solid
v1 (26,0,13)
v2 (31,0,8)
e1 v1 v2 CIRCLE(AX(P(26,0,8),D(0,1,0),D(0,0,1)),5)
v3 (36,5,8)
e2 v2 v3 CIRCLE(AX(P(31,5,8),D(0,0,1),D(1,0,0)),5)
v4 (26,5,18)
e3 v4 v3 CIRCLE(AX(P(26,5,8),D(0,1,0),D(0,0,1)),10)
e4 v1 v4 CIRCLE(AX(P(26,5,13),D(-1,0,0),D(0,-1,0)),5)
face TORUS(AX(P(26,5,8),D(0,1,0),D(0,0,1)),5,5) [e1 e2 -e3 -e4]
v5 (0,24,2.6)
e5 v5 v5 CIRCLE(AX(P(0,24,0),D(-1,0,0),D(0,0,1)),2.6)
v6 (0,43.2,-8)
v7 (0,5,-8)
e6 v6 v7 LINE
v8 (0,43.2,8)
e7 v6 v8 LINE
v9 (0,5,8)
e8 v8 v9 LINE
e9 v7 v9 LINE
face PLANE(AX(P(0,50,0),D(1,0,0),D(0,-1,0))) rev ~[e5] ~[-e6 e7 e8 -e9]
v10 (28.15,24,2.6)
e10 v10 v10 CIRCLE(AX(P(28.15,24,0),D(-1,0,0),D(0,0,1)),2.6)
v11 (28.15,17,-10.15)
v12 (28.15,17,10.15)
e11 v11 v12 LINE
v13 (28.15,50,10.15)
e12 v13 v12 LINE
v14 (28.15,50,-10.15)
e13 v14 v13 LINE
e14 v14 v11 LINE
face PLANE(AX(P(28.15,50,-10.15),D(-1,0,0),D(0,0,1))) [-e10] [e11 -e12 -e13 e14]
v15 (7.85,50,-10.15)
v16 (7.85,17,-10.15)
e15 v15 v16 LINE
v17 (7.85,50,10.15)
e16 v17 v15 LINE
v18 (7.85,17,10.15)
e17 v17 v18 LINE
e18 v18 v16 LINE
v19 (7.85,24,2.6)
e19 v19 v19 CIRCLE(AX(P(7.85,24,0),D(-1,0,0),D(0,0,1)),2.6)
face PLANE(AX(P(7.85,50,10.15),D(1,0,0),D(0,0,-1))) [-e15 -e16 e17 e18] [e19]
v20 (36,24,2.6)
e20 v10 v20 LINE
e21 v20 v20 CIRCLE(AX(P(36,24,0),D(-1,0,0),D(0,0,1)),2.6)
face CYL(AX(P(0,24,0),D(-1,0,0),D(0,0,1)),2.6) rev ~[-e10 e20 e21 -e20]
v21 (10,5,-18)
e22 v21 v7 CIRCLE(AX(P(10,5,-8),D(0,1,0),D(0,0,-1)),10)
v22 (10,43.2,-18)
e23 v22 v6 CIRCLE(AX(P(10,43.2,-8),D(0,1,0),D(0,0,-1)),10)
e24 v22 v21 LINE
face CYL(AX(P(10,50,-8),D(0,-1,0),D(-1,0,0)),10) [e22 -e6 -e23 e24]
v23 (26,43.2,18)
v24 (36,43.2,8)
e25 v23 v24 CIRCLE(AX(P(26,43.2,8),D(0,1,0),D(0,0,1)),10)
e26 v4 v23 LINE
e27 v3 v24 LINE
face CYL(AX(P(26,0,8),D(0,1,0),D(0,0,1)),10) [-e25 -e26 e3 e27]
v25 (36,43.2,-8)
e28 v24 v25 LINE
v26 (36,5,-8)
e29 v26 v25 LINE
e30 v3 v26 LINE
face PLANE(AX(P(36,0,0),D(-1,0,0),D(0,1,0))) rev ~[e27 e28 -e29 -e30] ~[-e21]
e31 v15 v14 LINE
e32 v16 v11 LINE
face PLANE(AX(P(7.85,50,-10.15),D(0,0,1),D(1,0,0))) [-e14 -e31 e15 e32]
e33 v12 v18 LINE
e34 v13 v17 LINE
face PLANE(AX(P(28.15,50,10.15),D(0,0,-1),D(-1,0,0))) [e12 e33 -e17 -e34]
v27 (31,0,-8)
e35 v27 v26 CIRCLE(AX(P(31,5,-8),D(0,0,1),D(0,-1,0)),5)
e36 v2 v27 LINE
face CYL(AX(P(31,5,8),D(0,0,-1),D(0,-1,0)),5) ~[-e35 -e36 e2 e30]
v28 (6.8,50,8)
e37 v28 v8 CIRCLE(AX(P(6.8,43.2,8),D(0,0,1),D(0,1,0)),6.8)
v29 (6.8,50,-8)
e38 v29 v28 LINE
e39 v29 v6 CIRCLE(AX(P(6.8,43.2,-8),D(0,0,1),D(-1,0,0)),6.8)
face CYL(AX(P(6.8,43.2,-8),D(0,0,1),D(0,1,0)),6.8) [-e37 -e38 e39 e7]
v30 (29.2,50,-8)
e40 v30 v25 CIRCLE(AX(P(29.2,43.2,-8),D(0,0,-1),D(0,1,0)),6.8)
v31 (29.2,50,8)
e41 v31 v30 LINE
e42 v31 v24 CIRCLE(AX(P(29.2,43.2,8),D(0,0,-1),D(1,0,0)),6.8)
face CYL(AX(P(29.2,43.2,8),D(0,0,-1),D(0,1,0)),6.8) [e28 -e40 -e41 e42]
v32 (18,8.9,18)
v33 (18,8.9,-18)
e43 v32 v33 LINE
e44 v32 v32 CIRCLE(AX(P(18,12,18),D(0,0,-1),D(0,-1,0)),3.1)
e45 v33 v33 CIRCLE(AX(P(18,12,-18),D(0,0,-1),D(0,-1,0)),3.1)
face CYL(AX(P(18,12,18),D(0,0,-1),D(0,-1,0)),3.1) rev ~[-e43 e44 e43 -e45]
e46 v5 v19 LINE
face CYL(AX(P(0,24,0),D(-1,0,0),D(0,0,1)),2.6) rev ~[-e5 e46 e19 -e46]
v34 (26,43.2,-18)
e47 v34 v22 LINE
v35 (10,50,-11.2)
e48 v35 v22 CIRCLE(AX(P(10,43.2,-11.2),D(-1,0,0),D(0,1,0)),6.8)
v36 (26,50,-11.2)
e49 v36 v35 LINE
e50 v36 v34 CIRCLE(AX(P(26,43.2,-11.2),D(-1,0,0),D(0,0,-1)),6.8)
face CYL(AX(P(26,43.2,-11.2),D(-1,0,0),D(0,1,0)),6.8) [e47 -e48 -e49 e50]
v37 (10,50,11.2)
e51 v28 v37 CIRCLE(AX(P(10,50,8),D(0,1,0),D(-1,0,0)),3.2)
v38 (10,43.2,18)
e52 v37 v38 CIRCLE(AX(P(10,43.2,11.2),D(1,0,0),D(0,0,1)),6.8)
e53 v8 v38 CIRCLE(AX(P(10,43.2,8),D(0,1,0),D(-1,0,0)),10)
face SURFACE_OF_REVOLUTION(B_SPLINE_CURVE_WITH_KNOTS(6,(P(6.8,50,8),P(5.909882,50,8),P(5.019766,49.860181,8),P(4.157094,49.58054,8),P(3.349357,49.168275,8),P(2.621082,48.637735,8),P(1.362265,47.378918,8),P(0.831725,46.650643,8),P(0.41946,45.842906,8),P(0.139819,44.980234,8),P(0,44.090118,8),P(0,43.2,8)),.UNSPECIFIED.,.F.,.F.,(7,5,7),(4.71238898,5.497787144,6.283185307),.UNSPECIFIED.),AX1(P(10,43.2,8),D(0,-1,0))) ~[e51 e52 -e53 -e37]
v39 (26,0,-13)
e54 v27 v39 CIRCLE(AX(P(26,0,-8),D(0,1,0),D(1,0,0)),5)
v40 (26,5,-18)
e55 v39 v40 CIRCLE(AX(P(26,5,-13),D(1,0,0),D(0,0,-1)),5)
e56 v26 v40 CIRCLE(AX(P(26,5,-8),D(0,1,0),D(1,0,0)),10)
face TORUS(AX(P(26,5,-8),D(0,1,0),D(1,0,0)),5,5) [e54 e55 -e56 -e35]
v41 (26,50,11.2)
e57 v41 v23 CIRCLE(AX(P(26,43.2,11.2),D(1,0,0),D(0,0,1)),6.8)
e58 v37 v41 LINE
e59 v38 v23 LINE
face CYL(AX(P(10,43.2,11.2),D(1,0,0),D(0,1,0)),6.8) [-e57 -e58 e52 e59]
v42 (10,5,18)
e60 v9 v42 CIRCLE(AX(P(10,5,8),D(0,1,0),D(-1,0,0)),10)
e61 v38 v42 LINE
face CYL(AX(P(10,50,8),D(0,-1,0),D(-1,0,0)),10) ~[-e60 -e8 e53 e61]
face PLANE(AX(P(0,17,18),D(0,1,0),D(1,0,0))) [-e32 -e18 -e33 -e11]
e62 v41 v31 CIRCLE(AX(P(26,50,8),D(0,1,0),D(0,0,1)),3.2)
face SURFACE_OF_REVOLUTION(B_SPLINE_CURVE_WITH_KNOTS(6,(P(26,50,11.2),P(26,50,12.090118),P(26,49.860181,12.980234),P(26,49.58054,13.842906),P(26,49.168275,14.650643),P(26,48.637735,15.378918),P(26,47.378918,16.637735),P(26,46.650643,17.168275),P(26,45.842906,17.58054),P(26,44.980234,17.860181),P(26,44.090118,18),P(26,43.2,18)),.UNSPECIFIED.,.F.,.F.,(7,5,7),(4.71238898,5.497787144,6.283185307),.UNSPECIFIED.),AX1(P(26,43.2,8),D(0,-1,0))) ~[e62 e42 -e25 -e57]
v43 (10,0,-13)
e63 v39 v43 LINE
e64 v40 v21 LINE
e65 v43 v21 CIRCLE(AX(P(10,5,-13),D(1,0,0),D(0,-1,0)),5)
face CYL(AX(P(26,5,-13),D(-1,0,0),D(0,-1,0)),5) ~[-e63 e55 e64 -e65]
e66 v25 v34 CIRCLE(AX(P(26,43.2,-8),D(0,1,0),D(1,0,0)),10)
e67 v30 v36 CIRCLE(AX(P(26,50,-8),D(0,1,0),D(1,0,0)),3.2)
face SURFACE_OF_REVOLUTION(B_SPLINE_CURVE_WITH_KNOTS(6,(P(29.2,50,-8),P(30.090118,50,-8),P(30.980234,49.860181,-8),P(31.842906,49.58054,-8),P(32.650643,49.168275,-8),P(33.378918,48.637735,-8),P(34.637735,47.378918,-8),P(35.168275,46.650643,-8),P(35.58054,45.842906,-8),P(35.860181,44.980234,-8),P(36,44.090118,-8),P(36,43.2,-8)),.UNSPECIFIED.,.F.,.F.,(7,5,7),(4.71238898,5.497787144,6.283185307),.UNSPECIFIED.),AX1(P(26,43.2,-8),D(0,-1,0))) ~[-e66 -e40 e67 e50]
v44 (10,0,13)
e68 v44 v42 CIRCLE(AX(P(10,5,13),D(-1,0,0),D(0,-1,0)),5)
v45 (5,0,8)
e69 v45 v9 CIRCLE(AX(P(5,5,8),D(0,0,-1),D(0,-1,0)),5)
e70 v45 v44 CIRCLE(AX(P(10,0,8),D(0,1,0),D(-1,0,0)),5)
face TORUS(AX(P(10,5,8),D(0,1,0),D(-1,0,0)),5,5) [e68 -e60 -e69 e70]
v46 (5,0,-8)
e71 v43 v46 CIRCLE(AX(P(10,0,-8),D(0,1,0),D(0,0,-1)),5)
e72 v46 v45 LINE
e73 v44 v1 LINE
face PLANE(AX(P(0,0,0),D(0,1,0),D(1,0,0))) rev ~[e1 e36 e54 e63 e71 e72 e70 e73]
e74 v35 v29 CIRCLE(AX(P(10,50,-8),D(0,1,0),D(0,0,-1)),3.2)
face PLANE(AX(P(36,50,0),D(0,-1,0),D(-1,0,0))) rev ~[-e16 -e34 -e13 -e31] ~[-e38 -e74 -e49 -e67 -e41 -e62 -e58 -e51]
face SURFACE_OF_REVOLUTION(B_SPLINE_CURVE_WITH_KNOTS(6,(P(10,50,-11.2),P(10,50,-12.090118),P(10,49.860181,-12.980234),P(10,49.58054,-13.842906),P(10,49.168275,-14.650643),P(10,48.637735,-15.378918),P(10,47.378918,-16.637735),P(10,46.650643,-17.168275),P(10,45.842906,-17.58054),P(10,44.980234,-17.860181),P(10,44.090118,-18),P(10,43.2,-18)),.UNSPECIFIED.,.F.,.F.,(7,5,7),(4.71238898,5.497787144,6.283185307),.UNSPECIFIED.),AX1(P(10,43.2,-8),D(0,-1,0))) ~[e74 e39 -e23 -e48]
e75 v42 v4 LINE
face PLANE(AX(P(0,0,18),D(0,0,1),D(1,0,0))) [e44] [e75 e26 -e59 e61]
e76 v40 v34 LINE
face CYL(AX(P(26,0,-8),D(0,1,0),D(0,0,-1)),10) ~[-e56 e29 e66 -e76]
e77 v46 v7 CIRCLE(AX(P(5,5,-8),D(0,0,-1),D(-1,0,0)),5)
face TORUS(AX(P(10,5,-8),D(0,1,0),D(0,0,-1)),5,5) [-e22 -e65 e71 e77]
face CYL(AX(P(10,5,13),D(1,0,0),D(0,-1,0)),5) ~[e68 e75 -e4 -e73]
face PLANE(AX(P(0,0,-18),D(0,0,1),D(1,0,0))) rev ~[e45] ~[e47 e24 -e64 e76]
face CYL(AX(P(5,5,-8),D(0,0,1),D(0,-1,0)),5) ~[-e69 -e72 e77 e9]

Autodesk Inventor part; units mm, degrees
ref_plane "YZ Plane" through (0, 0, 0) normal (1, 0, 0) x (0, 1, 0)
ref_plane "XZ Plane" through (0, 0, 0) normal (0, 1, 0) x (-1, 0, 0)
ref_plane "XY Plane" through (0, 0, 0) normal (0, 0, 1) x (1, 0, 0)
sketch "Sketch1" plane through (0, 0, 0) normal (0, 0, 1) x (1, 0, 0)
  line L0 (0, 0) -> (36, 0)
  line L1 (36, 0) -> (36, 50)
  line L2 (36, 50) -> (0, 50)
  line L3 (0, 50) -> (0, 0)
  dimension "d0" = 36
  dimension "d1" = 50
extrude "Extrusion1" add sketch "Sketch1" along normal mid plane 36
sketch "Sketch2" plane through (0, 50, 18) normal (0, 1, 0) x (1, 0, 0)
  line L0 (28.15, 7.85) -> (7.85, 7.85)
  line L1 (7.85, 7.85) -> (7.85, 28.15)
  line L2 (7.85, 28.15) -> (28.15, 28.15)
  line L3 (28.15, 28.15) -> (28.15, 7.85)
  line L4 (28.15, 7.85) -> (7.85, 28.15) construction
  line L5 (7.85, 7.85) -> (28.15, 28.15) construction
  line L6 (0, 36) -> (0, 0) projected
  point P0 (0, 18)
  point P1 (18, 18)
  point P2 (0, 18)
  dimension "d4" = 18
  dimension "d5" = 20.3
  dimension "d6" = 20.3
extrude "Extrusion2" cut sketch "Sketch2" against normal blind 33
sketch "Sketch3" plane through (0, 0, 18) normal (0, 0, 1) x (1, 0, 0)
  line L0 (0, 50) -> (0, 0) projected
  line L1 (0, 0) -> (36, 0) projected
  point P0 (18, 12)
  dimension "d9" = 18
  dimension "d10" = 12
hole "Hole1" at (18, 12, 18) direction (0, 0, -1) diameter 6.2 end through all
sketch "Sketch8" plane through (7.85, 50, -10.15) normal (0, 0, 1) x (1, 0, 0)
  point P0 (-7.85, -50)
sketch "Sketch11" plane through (0, 0, 18) normal (-1, 0, 0) x (0, 0, 1)
  circle A0 centre (-18, 24) radius 2.6
  line L0 (0, 50) -> (0, 0) projected
  line L1 (-7.85, 17) -> (-28.15, 17) projected
  point P0 (-18, 0)
  dimension "d41" = 5.2
  dimension "d42" = 18
  dimension "d43" = 7
extrude "Extrusion6" cut sketch "Sketch11" against normal through all
fillet "Fillet1" radius 10 4 edges at (36, 25, 18) (0, 25, 18) (0, 25, -18) (36, 25, -18)
fillet "Fillet2" radius 5 8 edges at (18, 0, 18) (33.0711, 0, 15.0711) (36, 0, 0) (33.0711, 0, -15.0711) (18, 0, -18) (2.9289, 0, -15.0711) (0, 0, 0) (2.9289, 0, 15.0711)
fillet "Fillet3" radius 6.8 8 edges at (33.0711, 50, 15.0711) (18, 50, 18) (2.9289, 50, 15.0711) (0, 50, 0) (2.9289, 50, -15.0711) (18, 50, -18) (33.0711, 50, -15.0711) (36, 50, 0)
properties part number "arm_collar"
